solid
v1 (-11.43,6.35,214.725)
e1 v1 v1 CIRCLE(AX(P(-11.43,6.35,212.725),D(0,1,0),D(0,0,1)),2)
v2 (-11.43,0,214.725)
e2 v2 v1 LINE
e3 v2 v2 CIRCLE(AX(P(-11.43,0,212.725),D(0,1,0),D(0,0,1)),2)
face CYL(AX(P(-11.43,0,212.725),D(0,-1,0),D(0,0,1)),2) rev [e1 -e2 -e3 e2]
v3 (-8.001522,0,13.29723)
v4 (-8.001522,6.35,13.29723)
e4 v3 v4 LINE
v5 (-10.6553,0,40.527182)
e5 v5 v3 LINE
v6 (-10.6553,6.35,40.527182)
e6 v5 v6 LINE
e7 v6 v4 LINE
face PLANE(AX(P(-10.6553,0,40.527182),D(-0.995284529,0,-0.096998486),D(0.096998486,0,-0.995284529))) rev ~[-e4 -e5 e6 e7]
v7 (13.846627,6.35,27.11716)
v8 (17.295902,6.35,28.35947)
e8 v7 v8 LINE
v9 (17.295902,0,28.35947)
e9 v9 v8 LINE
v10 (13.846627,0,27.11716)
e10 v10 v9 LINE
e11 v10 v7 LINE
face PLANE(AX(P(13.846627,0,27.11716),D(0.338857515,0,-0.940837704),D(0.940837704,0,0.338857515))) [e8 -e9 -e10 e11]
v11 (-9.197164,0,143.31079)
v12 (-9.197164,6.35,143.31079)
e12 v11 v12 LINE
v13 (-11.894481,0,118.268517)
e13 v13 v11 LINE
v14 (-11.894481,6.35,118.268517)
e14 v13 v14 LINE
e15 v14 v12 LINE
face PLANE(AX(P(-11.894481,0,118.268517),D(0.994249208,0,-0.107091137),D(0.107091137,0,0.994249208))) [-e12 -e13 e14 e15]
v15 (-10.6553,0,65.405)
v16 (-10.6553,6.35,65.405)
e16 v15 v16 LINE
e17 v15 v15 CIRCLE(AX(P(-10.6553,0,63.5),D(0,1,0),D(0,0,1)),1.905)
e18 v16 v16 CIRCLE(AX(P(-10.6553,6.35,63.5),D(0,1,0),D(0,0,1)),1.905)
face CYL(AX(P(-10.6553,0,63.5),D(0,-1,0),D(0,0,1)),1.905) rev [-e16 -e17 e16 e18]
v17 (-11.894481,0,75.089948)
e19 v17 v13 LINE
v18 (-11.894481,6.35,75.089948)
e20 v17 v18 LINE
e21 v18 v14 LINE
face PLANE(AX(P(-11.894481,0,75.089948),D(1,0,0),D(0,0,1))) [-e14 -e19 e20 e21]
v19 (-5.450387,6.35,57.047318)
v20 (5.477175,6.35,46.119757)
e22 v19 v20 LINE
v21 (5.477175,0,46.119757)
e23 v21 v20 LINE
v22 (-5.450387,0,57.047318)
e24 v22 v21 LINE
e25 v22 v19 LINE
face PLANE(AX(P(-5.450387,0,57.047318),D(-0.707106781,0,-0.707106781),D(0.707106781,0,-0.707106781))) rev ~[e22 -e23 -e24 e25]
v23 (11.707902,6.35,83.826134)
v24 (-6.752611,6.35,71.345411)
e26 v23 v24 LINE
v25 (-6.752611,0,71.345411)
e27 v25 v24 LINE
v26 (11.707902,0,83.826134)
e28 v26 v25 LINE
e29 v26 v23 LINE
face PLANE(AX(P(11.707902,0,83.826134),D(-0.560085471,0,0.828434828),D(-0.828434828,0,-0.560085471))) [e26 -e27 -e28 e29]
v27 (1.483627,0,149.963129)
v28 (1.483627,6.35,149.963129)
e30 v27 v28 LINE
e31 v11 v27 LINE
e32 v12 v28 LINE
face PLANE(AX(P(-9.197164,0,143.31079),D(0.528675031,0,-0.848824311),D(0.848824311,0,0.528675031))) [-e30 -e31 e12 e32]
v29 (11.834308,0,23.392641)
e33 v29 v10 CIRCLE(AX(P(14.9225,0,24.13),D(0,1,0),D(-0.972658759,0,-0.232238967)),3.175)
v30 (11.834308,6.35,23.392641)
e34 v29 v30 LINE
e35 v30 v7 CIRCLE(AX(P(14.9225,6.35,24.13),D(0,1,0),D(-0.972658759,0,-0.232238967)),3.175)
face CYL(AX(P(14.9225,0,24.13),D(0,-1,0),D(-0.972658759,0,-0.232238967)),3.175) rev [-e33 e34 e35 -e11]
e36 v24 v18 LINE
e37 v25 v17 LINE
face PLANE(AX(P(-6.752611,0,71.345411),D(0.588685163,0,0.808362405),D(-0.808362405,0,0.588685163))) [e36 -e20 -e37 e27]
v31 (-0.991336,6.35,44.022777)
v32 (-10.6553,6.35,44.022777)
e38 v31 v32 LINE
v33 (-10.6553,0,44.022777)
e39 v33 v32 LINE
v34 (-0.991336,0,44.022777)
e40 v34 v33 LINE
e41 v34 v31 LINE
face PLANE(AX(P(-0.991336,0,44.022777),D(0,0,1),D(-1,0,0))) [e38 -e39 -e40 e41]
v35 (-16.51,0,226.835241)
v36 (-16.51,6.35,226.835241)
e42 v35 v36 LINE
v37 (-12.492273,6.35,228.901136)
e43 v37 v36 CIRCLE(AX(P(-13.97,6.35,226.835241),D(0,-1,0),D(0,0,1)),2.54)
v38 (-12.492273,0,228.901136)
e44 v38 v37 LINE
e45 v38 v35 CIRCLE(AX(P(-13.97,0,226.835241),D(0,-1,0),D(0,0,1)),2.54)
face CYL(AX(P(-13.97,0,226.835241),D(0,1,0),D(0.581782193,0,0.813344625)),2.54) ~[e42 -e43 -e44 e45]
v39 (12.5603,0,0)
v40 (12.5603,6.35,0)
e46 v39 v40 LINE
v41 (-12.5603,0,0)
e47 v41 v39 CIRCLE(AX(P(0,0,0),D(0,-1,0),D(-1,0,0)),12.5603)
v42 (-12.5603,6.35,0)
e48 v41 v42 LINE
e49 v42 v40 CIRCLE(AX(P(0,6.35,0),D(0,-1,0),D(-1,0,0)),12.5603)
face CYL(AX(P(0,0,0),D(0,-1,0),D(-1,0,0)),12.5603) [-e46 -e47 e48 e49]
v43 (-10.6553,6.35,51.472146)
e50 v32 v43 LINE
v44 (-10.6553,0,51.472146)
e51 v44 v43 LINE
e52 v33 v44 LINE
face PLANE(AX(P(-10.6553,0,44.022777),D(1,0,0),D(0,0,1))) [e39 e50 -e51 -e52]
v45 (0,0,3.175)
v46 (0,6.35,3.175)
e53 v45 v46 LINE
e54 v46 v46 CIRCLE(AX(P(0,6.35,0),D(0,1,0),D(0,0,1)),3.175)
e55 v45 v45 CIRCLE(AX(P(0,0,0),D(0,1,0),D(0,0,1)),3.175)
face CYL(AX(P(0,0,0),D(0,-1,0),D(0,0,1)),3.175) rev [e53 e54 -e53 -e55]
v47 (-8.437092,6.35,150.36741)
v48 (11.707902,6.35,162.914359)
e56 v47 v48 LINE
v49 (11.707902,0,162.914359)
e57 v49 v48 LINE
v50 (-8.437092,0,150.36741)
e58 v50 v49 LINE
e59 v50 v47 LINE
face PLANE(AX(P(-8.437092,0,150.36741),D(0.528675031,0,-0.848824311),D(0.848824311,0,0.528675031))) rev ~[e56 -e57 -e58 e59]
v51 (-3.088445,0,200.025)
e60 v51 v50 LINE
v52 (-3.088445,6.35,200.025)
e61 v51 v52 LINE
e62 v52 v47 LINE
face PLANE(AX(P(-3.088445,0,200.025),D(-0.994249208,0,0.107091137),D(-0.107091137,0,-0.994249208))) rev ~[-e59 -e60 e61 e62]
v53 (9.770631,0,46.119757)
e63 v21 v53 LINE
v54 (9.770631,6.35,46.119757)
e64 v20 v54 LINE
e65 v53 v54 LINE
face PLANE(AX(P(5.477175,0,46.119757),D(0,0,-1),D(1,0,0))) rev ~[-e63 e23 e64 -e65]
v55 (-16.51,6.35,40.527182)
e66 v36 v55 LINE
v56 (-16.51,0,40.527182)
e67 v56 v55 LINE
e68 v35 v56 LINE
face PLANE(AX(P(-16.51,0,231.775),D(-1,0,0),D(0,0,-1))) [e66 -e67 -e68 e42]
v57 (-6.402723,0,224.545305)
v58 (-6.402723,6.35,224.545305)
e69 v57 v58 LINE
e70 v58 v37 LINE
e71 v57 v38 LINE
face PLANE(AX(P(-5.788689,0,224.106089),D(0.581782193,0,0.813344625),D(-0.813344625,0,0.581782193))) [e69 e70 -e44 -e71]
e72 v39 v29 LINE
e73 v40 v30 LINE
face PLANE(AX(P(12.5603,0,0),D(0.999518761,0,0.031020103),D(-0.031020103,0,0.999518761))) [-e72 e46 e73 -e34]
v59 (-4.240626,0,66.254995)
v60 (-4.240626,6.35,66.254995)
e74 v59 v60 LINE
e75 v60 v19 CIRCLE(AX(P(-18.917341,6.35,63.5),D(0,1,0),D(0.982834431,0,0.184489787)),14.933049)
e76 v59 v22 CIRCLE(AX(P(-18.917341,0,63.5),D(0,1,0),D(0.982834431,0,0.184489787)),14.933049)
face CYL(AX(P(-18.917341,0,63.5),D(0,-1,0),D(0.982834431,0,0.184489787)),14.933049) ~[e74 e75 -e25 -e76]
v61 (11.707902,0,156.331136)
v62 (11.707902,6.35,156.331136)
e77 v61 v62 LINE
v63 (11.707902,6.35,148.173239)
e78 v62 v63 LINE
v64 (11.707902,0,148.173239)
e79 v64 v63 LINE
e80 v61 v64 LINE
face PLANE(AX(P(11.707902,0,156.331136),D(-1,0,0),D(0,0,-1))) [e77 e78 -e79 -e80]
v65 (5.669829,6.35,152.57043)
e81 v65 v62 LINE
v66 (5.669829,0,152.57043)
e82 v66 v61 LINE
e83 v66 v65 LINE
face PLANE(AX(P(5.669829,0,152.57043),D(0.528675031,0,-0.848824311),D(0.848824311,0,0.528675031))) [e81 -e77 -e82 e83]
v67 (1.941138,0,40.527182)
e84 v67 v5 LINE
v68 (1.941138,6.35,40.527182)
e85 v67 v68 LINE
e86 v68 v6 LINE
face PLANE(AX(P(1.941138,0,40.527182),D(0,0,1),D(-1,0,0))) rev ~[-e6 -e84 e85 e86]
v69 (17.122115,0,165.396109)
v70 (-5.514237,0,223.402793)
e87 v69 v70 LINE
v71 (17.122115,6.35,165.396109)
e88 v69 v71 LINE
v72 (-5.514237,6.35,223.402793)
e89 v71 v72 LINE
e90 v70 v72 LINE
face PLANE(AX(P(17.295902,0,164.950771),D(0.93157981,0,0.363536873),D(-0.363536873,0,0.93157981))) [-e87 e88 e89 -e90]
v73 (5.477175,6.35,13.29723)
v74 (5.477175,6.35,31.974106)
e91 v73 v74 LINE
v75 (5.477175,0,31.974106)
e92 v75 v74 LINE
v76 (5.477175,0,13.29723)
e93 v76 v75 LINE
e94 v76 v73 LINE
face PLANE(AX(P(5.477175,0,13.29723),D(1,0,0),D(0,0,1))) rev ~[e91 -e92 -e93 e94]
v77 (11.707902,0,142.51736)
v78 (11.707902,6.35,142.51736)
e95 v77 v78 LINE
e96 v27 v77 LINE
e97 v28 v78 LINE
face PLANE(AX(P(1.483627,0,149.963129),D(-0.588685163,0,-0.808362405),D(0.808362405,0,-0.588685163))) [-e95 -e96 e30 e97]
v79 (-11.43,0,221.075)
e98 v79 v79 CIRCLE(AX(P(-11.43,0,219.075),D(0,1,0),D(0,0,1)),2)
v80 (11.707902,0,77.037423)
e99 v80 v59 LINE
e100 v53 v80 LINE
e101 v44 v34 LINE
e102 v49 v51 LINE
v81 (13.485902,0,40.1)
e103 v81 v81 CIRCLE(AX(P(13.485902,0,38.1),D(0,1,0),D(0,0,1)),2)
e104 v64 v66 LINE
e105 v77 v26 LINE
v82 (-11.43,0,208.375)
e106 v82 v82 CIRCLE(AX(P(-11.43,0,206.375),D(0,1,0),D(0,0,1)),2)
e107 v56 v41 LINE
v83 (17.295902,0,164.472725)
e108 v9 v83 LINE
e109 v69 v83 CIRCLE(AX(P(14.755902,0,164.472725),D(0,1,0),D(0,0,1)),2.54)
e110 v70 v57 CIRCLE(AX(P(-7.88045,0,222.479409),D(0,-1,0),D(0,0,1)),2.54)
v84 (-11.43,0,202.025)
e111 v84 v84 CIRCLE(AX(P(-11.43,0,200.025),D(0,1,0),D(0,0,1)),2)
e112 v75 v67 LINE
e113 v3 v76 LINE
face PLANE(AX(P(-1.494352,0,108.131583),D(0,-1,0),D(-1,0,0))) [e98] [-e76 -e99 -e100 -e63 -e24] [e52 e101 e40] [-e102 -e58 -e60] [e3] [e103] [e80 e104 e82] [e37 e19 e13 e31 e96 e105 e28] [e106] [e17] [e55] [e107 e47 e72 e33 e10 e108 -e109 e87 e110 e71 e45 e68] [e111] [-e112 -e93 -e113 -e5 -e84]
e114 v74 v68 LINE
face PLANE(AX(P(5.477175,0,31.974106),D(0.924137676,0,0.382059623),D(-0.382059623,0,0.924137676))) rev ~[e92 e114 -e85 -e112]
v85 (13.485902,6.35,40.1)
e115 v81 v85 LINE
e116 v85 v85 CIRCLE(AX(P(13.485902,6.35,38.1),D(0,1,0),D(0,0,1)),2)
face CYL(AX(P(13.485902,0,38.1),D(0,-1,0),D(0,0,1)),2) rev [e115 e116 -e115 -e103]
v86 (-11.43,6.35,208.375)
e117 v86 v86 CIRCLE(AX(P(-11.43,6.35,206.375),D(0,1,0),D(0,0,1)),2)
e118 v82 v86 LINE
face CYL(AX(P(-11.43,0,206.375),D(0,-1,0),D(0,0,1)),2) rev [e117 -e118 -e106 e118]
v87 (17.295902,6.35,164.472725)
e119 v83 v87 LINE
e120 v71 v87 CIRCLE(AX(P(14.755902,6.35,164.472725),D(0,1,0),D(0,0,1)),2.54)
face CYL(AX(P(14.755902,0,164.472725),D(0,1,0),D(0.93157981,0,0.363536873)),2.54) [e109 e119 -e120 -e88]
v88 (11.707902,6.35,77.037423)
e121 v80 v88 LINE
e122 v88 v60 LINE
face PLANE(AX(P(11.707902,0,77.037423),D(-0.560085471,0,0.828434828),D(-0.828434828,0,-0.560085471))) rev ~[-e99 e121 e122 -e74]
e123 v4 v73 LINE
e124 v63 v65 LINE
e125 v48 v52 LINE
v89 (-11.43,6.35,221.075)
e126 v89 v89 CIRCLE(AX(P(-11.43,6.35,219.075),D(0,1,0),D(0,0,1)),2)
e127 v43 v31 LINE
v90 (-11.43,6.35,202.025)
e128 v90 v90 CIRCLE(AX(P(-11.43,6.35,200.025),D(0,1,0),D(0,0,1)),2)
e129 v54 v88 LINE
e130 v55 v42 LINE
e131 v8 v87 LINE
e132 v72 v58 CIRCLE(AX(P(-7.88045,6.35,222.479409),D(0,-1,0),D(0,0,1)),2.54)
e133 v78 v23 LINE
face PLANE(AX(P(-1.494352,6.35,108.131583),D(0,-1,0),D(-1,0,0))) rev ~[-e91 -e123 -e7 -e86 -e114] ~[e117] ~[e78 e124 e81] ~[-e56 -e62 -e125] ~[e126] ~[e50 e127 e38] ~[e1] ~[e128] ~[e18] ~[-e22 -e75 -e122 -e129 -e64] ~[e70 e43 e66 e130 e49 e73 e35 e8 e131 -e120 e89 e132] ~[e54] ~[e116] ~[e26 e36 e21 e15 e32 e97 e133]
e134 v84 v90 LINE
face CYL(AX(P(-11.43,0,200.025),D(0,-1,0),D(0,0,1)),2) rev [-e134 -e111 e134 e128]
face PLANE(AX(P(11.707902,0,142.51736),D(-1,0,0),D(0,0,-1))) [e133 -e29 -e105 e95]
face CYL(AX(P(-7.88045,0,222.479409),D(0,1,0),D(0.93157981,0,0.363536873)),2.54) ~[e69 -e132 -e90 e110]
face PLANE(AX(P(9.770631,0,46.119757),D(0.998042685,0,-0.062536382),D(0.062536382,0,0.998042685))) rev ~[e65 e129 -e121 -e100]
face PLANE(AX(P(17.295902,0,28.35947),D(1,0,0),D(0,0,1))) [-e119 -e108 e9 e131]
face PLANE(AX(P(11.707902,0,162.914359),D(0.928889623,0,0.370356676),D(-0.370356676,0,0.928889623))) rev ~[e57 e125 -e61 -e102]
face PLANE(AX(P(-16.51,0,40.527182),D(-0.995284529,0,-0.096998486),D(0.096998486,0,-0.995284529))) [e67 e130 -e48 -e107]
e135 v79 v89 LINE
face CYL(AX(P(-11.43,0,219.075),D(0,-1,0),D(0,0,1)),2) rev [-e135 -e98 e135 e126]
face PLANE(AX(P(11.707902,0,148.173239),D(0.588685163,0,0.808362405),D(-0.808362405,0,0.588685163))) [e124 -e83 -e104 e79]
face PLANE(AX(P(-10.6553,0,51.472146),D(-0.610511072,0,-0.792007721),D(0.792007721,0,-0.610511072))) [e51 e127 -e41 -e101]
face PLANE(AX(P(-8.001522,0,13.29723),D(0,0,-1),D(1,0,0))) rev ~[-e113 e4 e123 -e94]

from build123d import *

# Parameters (mm, degrees)
SKETCH2_R           = 3.175
SKETCH2_R_2         = 2
SKETCH2_R_3         = 1.905
SKETCH2_R_4         = 1.999999991
BOSS_EXTRUDE1_DEPTH = 6.35
FILLET3_R           = 2.54
FILLET4_R           = 2.54
FILLET5_R           = 2.54


with BuildPart() as part:
    # Sketch2 → Boss-Extrude1 (new body)
    with BuildSketch(Plane(origin=(0, 0, 0), x_dir=(1, 0, 0), z_dir=(0, 1, 0))):
        with BuildLine():
            Line((13.846627418, -27.11715969), (17.295902343, -28.359470371))
            Line((17.295902343, -28.359470371), (17.295902343, -164.950770806))
            Line((17.295902343, -164.950770806), (-5.788689103, -224.106088723))
            Line((-5.788689103, -224.106088723), (-16.51, -231.775))
            Line((-16.51, -231.775), (-16.51, -118.11))
            Line((-16.51, -118.11), (-16.51, -40.527182032))
            Line((-16.51, -40.527182032), (-12.5603, 0))
            ThreePointArc((-12.5603, 0), (0, 12.5603), (12.5603, 0))
            Line((12.5603, 0), (11.834308479, -23.392641285))
            ThreePointArc((11.834308479, -23.392641285), (12.129138804, -25.639224299), (13.846627418, -27.11715969))
        make_face()
        with Locations(Location((0, 0, 0), (0, 0, 270))):
            Circle(SKETCH2_R, mode=Mode.SUBTRACT)
        with Locations(Location((-11.43, -219.075, 0), (0, 0, 270))):
            Circle(SKETCH2_R_2, mode=Mode.SUBTRACT)
        with Locations(Location((-11.43, -212.725, 0), (0, 0, 270))):
            Circle(SKETCH2_R_2, mode=Mode.SUBTRACT)
        with Locations(Location((-11.43, -206.375, 0), (0, 0, 270))):
            Circle(SKETCH2_R_2, mode=Mode.SUBTRACT)
        with Locations(Location((-11.43, -200.025, 0), (0, 0, 270))):
            Circle(SKETCH2_R_2, mode=Mode.SUBTRACT)
        with Locations(Location((-10.6553, -63.5, 0), (0, 0, 270))):
            Circle(SKETCH2_R_3, mode=Mode.SUBTRACT)
        with Locations(Location((13.485902343, -38.1, 0), (0, 0, 270))):
            Circle(SKETCH2_R_4, mode=Mode.SUBTRACT)
        Polygon((-3.088444979, -200.025), (-8.437091633, -150.367410486), (11.707902343, -162.914359455), align=None, mode=Mode.SUBTRACT)
        Polygon((5.669829362, -152.570430441), (11.707902343, -156.331136136), (11.707902343, -148.173239335), align=None, mode=Mode.SUBTRACT)
        Polygon((-9.197164207, -143.310789567), (1.48362655, -149.963128939), (11.707902343, -142.517360277), (11.707902343, -83.82613362), (-6.752611098, -71.345410911), (-11.894481361, -75.089947663), (-11.894481361, -118.268516882), align=None, mode=Mode.SUBTRACT)
        with BuildLine():
            Line((-5.45038708, -57.047318199), (5.477174601, -46.119756518))
            Line((5.477174601, -46.119756518), (9.770631453, -46.119756518))
            Line((9.770631453, -46.119756518), (11.707902343, -77.037423395))
            Line((11.707902343, -77.037423395), (-4.240626345, -66.254995008))
            ThreePointArc((-4.240626345, -66.254995008), (-4.111536449, -61.554723114), (-5.45038708, -57.047318199))
        make_face(mode=Mode.SUBTRACT)
        Polygon((-10.6553, -40.527182032), (-8.00152211, -13.297230483), (5.477174601, -13.297230483), (5.477174601, -31.974105906), (1.94113758, -40.527182032), align=None, mode=Mode.SUBTRACT)
        Polygon((-10.6553, -44.022777243), (-10.6553, -51.472145687), (-0.991335505, -44.022777243), align=None, mode=Mode.SUBTRACT)
    extrude(amount=BOSS_EXTRUDE1_DEPTH)

    # Fillet3
    fillet3_edges = [part.edges().sort_by_distance(p)[0] for p in [
        (-5.788689103, 3.175, 224.106088723),
    ]]
    fillet(fillet3_edges, radius=FILLET3_R)

    # Fillet4
    fillet4_edges = [part.edges().sort_by_distance(p)[0] for p in [
        (-16.51, 3.175, 231.775),
    ]]
    fillet(fillet4_edges, radius=FILLET4_R)

    # Fillet5
    fillet5_edges = [part.edges().sort_by_distance(p)[0] for p in [
        (17.295902343, 3.175, 164.950770806),
    ]]
    fillet(fillet5_edges, radius=FILLET5_R)


solid = part.part
